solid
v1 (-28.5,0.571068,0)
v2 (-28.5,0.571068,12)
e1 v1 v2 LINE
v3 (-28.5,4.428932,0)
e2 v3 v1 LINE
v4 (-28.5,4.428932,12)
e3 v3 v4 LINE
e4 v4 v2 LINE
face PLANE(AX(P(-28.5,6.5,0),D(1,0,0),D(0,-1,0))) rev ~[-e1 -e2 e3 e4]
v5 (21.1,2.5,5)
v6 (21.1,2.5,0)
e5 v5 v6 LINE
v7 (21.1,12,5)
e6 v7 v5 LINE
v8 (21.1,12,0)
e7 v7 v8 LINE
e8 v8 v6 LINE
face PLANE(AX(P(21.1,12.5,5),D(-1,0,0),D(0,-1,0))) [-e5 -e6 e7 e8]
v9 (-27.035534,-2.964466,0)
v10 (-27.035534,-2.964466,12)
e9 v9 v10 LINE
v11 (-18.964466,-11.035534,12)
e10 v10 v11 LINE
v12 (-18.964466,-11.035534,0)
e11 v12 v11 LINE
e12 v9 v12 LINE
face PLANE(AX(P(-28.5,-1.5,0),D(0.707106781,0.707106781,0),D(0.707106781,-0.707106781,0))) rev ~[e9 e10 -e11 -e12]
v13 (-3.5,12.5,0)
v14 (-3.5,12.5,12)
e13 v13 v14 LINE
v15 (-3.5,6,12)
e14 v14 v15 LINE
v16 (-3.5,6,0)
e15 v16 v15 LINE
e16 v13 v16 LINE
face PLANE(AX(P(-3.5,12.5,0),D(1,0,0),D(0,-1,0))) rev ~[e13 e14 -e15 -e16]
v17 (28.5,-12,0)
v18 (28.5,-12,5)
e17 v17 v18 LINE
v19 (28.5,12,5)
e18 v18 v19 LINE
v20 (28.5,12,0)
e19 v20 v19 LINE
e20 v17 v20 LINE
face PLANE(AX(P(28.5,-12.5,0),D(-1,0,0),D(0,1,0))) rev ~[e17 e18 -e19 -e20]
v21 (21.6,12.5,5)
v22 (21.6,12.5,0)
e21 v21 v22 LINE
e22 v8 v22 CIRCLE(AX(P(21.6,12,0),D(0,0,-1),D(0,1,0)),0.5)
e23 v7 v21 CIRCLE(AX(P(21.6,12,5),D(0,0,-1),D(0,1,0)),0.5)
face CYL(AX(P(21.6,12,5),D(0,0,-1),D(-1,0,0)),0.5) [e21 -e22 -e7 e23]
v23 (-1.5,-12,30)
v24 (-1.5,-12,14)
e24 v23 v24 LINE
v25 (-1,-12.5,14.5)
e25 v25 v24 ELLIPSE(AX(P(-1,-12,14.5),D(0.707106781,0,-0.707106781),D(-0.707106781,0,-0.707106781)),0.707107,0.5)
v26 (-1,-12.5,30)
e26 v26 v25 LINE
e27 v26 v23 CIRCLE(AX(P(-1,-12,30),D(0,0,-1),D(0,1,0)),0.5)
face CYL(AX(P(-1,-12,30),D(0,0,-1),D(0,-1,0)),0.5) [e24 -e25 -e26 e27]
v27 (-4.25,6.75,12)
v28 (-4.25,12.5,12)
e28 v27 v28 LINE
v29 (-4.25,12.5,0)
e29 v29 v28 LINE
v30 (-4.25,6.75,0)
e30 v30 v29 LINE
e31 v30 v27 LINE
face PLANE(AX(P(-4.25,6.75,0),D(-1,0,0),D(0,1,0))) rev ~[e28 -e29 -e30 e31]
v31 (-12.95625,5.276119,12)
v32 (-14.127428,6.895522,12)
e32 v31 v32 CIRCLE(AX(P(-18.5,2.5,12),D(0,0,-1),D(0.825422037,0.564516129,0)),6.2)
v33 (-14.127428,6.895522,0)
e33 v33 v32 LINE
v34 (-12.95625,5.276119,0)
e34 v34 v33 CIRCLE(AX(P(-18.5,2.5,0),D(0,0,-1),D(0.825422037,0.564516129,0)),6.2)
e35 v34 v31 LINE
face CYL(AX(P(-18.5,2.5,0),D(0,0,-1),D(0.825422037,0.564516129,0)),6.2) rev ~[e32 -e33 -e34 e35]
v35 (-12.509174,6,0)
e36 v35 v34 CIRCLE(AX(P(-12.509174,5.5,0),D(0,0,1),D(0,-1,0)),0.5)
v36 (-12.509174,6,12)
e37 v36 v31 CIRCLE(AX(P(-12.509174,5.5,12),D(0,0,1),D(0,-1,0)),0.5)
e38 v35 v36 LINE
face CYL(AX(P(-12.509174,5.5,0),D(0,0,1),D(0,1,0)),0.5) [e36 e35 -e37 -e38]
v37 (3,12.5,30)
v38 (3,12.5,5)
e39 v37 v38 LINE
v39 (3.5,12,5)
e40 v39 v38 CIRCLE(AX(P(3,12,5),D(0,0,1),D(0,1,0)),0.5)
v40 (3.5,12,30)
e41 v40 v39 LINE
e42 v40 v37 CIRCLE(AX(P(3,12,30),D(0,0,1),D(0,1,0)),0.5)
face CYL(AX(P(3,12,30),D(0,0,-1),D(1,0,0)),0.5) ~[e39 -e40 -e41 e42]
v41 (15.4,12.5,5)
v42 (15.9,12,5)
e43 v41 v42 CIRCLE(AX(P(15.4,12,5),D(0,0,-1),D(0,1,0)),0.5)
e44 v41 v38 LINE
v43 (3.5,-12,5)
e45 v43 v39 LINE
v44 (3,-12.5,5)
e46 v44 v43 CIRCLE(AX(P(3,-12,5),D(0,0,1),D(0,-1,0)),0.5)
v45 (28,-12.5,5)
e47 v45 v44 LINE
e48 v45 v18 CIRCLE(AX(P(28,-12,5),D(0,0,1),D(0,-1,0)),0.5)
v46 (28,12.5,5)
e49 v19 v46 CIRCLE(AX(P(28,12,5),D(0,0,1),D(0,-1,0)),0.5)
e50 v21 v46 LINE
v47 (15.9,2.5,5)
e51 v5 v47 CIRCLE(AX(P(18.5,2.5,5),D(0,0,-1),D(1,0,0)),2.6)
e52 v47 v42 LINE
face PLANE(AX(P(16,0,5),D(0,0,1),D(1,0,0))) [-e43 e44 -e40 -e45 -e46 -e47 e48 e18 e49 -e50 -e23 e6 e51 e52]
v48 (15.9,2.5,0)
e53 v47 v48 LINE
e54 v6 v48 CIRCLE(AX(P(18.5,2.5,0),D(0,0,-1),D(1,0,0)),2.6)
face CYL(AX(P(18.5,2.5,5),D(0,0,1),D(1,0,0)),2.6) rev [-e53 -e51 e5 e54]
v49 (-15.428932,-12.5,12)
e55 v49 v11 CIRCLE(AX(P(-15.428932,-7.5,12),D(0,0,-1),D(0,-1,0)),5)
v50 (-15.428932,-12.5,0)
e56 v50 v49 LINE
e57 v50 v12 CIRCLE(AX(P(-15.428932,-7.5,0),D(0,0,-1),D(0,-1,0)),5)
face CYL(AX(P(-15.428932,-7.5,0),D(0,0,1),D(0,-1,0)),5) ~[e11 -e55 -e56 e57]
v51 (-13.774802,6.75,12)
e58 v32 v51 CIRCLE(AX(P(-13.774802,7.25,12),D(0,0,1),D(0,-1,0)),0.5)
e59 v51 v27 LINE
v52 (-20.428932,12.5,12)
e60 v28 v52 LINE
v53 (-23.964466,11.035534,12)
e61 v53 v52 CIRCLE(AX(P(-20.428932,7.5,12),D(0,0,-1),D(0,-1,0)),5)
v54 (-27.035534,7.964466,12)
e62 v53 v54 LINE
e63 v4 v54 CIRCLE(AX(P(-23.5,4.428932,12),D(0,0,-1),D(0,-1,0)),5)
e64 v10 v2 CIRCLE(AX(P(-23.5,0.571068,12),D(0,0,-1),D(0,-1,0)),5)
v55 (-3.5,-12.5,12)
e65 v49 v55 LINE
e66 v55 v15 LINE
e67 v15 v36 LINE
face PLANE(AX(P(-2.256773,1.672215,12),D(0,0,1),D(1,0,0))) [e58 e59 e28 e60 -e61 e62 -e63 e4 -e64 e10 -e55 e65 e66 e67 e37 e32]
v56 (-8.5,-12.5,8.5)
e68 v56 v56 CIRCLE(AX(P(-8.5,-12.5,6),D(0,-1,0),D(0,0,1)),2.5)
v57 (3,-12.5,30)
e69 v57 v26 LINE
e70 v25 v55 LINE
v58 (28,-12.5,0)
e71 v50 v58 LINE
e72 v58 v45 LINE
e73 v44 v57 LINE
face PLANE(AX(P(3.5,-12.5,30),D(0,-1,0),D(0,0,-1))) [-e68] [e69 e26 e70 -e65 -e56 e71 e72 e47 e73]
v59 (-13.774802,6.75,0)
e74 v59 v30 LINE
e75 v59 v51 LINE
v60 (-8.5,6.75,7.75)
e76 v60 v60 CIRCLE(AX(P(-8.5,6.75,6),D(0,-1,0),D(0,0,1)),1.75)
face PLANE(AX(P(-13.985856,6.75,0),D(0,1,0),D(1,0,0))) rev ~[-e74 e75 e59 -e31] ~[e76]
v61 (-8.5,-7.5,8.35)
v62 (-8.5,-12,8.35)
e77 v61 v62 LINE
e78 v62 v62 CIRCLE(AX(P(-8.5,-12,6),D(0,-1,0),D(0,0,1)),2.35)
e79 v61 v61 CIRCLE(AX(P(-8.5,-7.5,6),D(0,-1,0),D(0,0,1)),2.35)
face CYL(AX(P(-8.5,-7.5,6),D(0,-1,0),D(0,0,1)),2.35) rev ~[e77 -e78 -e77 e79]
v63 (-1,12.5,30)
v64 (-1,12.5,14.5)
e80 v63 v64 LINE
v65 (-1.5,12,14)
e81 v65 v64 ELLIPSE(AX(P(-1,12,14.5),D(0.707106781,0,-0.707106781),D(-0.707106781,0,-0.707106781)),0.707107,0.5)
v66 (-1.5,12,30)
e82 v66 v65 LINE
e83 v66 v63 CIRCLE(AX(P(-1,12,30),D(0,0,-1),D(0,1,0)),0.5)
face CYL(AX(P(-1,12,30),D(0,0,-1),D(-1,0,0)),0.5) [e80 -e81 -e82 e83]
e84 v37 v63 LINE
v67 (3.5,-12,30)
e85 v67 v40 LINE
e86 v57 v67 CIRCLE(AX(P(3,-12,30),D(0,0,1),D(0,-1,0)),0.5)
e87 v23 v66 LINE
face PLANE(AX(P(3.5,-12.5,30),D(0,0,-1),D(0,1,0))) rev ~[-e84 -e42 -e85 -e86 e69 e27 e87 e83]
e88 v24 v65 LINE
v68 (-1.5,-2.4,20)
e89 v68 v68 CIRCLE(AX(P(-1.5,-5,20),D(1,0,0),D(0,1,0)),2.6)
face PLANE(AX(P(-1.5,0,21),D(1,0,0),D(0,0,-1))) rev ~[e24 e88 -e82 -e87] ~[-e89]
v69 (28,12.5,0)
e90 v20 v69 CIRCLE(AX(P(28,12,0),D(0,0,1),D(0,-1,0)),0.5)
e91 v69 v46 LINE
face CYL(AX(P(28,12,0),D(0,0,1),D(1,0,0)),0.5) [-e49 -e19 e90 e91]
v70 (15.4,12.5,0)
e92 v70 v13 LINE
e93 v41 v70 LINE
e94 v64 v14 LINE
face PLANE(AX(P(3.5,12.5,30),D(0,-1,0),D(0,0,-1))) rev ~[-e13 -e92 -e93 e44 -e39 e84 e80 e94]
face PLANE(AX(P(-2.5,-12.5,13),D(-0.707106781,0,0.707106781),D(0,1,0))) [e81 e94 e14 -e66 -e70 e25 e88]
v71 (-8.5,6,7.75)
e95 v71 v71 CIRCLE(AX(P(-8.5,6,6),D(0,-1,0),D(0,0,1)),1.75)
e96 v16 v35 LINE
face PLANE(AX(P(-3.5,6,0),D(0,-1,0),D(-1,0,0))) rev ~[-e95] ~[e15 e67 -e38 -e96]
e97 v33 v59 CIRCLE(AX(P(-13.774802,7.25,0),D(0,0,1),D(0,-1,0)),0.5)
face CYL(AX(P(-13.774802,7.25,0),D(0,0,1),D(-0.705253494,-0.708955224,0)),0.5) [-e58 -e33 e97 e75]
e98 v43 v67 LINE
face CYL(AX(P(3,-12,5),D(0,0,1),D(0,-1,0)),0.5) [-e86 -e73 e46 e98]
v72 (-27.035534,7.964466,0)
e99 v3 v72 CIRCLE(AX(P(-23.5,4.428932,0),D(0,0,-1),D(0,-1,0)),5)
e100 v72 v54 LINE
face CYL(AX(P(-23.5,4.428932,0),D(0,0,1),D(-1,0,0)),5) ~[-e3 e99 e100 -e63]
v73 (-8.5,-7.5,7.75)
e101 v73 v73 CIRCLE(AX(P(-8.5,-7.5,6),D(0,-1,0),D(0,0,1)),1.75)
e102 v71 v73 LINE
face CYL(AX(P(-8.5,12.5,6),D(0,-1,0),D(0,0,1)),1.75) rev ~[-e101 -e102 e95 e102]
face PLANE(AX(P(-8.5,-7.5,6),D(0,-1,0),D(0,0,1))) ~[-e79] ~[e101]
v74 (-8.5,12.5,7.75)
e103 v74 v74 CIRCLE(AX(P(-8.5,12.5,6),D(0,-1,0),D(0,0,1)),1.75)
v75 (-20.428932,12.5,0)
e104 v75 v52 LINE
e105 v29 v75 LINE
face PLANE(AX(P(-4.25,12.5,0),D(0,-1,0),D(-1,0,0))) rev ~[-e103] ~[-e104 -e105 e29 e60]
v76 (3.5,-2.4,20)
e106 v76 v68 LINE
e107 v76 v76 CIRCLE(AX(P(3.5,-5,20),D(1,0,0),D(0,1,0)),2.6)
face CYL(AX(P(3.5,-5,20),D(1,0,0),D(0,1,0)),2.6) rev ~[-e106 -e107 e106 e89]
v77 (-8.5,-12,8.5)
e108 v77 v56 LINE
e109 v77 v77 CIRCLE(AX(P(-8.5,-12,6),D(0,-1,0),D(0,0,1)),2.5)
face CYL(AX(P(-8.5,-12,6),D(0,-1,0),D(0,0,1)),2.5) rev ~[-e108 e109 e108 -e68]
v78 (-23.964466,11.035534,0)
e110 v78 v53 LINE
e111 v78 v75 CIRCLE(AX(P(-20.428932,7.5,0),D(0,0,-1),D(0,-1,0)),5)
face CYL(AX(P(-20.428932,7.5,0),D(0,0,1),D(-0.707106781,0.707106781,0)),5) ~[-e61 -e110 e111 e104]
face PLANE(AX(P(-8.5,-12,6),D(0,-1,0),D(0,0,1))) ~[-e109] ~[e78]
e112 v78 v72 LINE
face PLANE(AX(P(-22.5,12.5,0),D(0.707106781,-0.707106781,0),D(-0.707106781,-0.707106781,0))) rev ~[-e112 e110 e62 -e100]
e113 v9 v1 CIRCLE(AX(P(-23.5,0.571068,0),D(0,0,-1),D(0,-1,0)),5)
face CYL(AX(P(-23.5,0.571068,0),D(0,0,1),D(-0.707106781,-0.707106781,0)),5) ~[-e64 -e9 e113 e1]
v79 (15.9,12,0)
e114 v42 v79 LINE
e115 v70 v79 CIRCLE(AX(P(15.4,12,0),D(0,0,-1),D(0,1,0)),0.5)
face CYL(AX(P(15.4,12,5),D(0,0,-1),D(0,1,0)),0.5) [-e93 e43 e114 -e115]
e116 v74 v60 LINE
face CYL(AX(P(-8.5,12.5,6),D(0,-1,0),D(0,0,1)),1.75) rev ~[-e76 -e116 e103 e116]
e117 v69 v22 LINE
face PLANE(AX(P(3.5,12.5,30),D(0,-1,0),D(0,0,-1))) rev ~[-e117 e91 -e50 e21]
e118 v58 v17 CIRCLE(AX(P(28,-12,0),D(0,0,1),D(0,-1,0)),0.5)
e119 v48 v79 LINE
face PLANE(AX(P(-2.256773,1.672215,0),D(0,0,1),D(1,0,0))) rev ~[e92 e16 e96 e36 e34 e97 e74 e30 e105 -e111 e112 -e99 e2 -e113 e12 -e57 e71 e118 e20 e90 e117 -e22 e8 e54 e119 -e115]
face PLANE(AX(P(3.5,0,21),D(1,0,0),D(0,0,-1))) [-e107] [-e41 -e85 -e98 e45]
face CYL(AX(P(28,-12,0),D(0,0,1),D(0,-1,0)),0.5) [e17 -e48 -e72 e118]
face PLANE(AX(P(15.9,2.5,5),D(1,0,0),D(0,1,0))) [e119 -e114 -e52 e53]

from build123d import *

# Parameters (mm, degrees)
BOSS_EXTRUDE1_DEPTH = 12
SKETCH3_W           = 25
SKETCH3_H           = 25
CUT_EXTRUDE1_DEPTH  = 7
SKETCH4_W           = 18
SKETCH4_H           = 25
SKETCH4_R           = 2.6
BOSS_EXTRUDE2_DEPTH = 5
CHAMFER1_SIZE       = 2
CUT_EXTRUDE2_DEPTH  = 5
FILLET1_R           = 5
FILLET2_R           = 0.5


with BuildPart() as part:
    # Sketch1 → Boss-Extrude1 (new body)
    with BuildSketch(Plane.XY):
        with BuildLine():
            Line((-22.5, 12.5), (-28.5, 6.5))
            Line((-28.5, 6.5), (-28.5, -1.5))
            Line((-28.5, -1.5), (-17.5, -12.5))
            Line((-17.5, -12.5), (28.5, -12.5))
            Line((28.5, -12.5), (28.5, 12.5))
            Line((28.5, 12.5), (-3.5, 12.5))
            Line((-3.5, 12.5), (-3.5, 6))
            Line((-3.5, 6), (-13.382383367, 6))
            ThreePointArc((-13.382383367, 6), (-23.330458604, -1.386729946), (-13.985855563, 6.75))
            Line((-13.985855563, 6.75), (-4.25, 6.75))
            Line((-4.25, 6.75), (-4.25, 12.5))
            Line((-4.25, 12.5), (-5.7, 12.5))
            Line((-5.7, 12.5), (-22.5, 12.5))
        make_face()
    extrude(amount=BOSS_EXTRUDE1_DEPTH)

    # Sketch3 → Cut-Extrude1 (cut)
    with BuildSketch(Plane.XY.offset(12)):
        with Locations((16, 0)):
            Rectangle(SKETCH3_W, SKETCH3_H)
    extrude(amount=-CUT_EXTRUDE1_DEPTH, mode=Mode.SUBTRACT)

    # Sketch4 → Boss-Extrude2 (add)
    with BuildSketch(Plane(origin=(3.5, 0, 0), x_dir=(0, 0, -1), z_dir=(1, 0, 0))):
        with Locations((-21, 0)):
            Rectangle(SKETCH4_W, SKETCH4_H)
        with Locations(Location((-20, -5, 0), (0, 0, 90))):
            Circle(SKETCH4_R, mode=Mode.SUBTRACT)
    extrude(amount=-BOSS_EXTRUDE2_DEPTH)

    # Chamfer1
    chamfer1_edges = [part.edges().sort_by_distance(p)[0] for p in [
        (-1.5, 0, 12),
    ]]
    chamfer(chamfer1_edges, length=CHAMFER1_SIZE)

    # Sketch5 → Cut-Extrude2 (cut)
    with BuildSketch(Plane.XY.offset(5)):
        with BuildLine():
            Line((15.9, 2.5), (15.9, 12.5))
            Line((15.9, 12.5), (21.1, 12.5))
            Line((21.1, 12.5), (21.1, 2.5))
            ThreePointArc((21.1, 2.5), (18.5, -0.1), (15.9, 2.5))
        make_face()
    extrude(amount=-CUT_EXTRUDE2_DEPTH, mode=Mode.SUBTRACT)

    # Fillet1
    fillet1_edges = [part.edges().sort_by_distance(p)[0] for p in [
        (-17.5, -12.5, 6),
        (-28.5, -1.5, 6),
        (-28.5, 6.5, 6),
        (-22.5, 12.5, 6),
    ]]
    fillet(fillet1_edges, radius=FILLET1_R)

    # Fillet2
    fillet2_edges = [part.edges().sort_by_distance(p)[0] for p in [
        (-13.985855563, 6.75, 6),
        (-13.382383367, 6, 6),
        (28.5, 12.5, 2.5),
        (28.5, -12.5, 2.5),
        (3.5, -12.5, 17.5),
        (3.5, 12.5, 17.5),
        (-1.5, -12.5, 22),
        (-1.5, 12.5, 22),
        (15.9, 12.5, 2.5),
        (21.1, 12.5, 2.5),
    ]]
    fillet(fillet2_edges, radius=FILLET2_R)

    # Sketch6 → Cut-Revolve1 (revolve, cut)
    with BuildSketch(Plane(origin=(0, 0, 6), x_dir=(-1, 0, 0), z_dir=(0, 0, -1)), mode=Mode.PRIVATE) as cut_revolve1_sk:
        Polygon((8.5, 12.5), (10.25, 12.5), (10.25, -7.5), (10.85, -7.5), (10.85, -12), (11, -12), (11, -12.5), (8.5, -12.5), align=None)
    revolve(cut_revolve1_sk.sketch.rotate(Axis((-8.5, 12.5, 6), (0, -1, 0)), 270), axis=Axis((-8.5, 12.5, 6), (0, -1, 0)), mode=Mode.SUBTRACT)


solid = part.part
